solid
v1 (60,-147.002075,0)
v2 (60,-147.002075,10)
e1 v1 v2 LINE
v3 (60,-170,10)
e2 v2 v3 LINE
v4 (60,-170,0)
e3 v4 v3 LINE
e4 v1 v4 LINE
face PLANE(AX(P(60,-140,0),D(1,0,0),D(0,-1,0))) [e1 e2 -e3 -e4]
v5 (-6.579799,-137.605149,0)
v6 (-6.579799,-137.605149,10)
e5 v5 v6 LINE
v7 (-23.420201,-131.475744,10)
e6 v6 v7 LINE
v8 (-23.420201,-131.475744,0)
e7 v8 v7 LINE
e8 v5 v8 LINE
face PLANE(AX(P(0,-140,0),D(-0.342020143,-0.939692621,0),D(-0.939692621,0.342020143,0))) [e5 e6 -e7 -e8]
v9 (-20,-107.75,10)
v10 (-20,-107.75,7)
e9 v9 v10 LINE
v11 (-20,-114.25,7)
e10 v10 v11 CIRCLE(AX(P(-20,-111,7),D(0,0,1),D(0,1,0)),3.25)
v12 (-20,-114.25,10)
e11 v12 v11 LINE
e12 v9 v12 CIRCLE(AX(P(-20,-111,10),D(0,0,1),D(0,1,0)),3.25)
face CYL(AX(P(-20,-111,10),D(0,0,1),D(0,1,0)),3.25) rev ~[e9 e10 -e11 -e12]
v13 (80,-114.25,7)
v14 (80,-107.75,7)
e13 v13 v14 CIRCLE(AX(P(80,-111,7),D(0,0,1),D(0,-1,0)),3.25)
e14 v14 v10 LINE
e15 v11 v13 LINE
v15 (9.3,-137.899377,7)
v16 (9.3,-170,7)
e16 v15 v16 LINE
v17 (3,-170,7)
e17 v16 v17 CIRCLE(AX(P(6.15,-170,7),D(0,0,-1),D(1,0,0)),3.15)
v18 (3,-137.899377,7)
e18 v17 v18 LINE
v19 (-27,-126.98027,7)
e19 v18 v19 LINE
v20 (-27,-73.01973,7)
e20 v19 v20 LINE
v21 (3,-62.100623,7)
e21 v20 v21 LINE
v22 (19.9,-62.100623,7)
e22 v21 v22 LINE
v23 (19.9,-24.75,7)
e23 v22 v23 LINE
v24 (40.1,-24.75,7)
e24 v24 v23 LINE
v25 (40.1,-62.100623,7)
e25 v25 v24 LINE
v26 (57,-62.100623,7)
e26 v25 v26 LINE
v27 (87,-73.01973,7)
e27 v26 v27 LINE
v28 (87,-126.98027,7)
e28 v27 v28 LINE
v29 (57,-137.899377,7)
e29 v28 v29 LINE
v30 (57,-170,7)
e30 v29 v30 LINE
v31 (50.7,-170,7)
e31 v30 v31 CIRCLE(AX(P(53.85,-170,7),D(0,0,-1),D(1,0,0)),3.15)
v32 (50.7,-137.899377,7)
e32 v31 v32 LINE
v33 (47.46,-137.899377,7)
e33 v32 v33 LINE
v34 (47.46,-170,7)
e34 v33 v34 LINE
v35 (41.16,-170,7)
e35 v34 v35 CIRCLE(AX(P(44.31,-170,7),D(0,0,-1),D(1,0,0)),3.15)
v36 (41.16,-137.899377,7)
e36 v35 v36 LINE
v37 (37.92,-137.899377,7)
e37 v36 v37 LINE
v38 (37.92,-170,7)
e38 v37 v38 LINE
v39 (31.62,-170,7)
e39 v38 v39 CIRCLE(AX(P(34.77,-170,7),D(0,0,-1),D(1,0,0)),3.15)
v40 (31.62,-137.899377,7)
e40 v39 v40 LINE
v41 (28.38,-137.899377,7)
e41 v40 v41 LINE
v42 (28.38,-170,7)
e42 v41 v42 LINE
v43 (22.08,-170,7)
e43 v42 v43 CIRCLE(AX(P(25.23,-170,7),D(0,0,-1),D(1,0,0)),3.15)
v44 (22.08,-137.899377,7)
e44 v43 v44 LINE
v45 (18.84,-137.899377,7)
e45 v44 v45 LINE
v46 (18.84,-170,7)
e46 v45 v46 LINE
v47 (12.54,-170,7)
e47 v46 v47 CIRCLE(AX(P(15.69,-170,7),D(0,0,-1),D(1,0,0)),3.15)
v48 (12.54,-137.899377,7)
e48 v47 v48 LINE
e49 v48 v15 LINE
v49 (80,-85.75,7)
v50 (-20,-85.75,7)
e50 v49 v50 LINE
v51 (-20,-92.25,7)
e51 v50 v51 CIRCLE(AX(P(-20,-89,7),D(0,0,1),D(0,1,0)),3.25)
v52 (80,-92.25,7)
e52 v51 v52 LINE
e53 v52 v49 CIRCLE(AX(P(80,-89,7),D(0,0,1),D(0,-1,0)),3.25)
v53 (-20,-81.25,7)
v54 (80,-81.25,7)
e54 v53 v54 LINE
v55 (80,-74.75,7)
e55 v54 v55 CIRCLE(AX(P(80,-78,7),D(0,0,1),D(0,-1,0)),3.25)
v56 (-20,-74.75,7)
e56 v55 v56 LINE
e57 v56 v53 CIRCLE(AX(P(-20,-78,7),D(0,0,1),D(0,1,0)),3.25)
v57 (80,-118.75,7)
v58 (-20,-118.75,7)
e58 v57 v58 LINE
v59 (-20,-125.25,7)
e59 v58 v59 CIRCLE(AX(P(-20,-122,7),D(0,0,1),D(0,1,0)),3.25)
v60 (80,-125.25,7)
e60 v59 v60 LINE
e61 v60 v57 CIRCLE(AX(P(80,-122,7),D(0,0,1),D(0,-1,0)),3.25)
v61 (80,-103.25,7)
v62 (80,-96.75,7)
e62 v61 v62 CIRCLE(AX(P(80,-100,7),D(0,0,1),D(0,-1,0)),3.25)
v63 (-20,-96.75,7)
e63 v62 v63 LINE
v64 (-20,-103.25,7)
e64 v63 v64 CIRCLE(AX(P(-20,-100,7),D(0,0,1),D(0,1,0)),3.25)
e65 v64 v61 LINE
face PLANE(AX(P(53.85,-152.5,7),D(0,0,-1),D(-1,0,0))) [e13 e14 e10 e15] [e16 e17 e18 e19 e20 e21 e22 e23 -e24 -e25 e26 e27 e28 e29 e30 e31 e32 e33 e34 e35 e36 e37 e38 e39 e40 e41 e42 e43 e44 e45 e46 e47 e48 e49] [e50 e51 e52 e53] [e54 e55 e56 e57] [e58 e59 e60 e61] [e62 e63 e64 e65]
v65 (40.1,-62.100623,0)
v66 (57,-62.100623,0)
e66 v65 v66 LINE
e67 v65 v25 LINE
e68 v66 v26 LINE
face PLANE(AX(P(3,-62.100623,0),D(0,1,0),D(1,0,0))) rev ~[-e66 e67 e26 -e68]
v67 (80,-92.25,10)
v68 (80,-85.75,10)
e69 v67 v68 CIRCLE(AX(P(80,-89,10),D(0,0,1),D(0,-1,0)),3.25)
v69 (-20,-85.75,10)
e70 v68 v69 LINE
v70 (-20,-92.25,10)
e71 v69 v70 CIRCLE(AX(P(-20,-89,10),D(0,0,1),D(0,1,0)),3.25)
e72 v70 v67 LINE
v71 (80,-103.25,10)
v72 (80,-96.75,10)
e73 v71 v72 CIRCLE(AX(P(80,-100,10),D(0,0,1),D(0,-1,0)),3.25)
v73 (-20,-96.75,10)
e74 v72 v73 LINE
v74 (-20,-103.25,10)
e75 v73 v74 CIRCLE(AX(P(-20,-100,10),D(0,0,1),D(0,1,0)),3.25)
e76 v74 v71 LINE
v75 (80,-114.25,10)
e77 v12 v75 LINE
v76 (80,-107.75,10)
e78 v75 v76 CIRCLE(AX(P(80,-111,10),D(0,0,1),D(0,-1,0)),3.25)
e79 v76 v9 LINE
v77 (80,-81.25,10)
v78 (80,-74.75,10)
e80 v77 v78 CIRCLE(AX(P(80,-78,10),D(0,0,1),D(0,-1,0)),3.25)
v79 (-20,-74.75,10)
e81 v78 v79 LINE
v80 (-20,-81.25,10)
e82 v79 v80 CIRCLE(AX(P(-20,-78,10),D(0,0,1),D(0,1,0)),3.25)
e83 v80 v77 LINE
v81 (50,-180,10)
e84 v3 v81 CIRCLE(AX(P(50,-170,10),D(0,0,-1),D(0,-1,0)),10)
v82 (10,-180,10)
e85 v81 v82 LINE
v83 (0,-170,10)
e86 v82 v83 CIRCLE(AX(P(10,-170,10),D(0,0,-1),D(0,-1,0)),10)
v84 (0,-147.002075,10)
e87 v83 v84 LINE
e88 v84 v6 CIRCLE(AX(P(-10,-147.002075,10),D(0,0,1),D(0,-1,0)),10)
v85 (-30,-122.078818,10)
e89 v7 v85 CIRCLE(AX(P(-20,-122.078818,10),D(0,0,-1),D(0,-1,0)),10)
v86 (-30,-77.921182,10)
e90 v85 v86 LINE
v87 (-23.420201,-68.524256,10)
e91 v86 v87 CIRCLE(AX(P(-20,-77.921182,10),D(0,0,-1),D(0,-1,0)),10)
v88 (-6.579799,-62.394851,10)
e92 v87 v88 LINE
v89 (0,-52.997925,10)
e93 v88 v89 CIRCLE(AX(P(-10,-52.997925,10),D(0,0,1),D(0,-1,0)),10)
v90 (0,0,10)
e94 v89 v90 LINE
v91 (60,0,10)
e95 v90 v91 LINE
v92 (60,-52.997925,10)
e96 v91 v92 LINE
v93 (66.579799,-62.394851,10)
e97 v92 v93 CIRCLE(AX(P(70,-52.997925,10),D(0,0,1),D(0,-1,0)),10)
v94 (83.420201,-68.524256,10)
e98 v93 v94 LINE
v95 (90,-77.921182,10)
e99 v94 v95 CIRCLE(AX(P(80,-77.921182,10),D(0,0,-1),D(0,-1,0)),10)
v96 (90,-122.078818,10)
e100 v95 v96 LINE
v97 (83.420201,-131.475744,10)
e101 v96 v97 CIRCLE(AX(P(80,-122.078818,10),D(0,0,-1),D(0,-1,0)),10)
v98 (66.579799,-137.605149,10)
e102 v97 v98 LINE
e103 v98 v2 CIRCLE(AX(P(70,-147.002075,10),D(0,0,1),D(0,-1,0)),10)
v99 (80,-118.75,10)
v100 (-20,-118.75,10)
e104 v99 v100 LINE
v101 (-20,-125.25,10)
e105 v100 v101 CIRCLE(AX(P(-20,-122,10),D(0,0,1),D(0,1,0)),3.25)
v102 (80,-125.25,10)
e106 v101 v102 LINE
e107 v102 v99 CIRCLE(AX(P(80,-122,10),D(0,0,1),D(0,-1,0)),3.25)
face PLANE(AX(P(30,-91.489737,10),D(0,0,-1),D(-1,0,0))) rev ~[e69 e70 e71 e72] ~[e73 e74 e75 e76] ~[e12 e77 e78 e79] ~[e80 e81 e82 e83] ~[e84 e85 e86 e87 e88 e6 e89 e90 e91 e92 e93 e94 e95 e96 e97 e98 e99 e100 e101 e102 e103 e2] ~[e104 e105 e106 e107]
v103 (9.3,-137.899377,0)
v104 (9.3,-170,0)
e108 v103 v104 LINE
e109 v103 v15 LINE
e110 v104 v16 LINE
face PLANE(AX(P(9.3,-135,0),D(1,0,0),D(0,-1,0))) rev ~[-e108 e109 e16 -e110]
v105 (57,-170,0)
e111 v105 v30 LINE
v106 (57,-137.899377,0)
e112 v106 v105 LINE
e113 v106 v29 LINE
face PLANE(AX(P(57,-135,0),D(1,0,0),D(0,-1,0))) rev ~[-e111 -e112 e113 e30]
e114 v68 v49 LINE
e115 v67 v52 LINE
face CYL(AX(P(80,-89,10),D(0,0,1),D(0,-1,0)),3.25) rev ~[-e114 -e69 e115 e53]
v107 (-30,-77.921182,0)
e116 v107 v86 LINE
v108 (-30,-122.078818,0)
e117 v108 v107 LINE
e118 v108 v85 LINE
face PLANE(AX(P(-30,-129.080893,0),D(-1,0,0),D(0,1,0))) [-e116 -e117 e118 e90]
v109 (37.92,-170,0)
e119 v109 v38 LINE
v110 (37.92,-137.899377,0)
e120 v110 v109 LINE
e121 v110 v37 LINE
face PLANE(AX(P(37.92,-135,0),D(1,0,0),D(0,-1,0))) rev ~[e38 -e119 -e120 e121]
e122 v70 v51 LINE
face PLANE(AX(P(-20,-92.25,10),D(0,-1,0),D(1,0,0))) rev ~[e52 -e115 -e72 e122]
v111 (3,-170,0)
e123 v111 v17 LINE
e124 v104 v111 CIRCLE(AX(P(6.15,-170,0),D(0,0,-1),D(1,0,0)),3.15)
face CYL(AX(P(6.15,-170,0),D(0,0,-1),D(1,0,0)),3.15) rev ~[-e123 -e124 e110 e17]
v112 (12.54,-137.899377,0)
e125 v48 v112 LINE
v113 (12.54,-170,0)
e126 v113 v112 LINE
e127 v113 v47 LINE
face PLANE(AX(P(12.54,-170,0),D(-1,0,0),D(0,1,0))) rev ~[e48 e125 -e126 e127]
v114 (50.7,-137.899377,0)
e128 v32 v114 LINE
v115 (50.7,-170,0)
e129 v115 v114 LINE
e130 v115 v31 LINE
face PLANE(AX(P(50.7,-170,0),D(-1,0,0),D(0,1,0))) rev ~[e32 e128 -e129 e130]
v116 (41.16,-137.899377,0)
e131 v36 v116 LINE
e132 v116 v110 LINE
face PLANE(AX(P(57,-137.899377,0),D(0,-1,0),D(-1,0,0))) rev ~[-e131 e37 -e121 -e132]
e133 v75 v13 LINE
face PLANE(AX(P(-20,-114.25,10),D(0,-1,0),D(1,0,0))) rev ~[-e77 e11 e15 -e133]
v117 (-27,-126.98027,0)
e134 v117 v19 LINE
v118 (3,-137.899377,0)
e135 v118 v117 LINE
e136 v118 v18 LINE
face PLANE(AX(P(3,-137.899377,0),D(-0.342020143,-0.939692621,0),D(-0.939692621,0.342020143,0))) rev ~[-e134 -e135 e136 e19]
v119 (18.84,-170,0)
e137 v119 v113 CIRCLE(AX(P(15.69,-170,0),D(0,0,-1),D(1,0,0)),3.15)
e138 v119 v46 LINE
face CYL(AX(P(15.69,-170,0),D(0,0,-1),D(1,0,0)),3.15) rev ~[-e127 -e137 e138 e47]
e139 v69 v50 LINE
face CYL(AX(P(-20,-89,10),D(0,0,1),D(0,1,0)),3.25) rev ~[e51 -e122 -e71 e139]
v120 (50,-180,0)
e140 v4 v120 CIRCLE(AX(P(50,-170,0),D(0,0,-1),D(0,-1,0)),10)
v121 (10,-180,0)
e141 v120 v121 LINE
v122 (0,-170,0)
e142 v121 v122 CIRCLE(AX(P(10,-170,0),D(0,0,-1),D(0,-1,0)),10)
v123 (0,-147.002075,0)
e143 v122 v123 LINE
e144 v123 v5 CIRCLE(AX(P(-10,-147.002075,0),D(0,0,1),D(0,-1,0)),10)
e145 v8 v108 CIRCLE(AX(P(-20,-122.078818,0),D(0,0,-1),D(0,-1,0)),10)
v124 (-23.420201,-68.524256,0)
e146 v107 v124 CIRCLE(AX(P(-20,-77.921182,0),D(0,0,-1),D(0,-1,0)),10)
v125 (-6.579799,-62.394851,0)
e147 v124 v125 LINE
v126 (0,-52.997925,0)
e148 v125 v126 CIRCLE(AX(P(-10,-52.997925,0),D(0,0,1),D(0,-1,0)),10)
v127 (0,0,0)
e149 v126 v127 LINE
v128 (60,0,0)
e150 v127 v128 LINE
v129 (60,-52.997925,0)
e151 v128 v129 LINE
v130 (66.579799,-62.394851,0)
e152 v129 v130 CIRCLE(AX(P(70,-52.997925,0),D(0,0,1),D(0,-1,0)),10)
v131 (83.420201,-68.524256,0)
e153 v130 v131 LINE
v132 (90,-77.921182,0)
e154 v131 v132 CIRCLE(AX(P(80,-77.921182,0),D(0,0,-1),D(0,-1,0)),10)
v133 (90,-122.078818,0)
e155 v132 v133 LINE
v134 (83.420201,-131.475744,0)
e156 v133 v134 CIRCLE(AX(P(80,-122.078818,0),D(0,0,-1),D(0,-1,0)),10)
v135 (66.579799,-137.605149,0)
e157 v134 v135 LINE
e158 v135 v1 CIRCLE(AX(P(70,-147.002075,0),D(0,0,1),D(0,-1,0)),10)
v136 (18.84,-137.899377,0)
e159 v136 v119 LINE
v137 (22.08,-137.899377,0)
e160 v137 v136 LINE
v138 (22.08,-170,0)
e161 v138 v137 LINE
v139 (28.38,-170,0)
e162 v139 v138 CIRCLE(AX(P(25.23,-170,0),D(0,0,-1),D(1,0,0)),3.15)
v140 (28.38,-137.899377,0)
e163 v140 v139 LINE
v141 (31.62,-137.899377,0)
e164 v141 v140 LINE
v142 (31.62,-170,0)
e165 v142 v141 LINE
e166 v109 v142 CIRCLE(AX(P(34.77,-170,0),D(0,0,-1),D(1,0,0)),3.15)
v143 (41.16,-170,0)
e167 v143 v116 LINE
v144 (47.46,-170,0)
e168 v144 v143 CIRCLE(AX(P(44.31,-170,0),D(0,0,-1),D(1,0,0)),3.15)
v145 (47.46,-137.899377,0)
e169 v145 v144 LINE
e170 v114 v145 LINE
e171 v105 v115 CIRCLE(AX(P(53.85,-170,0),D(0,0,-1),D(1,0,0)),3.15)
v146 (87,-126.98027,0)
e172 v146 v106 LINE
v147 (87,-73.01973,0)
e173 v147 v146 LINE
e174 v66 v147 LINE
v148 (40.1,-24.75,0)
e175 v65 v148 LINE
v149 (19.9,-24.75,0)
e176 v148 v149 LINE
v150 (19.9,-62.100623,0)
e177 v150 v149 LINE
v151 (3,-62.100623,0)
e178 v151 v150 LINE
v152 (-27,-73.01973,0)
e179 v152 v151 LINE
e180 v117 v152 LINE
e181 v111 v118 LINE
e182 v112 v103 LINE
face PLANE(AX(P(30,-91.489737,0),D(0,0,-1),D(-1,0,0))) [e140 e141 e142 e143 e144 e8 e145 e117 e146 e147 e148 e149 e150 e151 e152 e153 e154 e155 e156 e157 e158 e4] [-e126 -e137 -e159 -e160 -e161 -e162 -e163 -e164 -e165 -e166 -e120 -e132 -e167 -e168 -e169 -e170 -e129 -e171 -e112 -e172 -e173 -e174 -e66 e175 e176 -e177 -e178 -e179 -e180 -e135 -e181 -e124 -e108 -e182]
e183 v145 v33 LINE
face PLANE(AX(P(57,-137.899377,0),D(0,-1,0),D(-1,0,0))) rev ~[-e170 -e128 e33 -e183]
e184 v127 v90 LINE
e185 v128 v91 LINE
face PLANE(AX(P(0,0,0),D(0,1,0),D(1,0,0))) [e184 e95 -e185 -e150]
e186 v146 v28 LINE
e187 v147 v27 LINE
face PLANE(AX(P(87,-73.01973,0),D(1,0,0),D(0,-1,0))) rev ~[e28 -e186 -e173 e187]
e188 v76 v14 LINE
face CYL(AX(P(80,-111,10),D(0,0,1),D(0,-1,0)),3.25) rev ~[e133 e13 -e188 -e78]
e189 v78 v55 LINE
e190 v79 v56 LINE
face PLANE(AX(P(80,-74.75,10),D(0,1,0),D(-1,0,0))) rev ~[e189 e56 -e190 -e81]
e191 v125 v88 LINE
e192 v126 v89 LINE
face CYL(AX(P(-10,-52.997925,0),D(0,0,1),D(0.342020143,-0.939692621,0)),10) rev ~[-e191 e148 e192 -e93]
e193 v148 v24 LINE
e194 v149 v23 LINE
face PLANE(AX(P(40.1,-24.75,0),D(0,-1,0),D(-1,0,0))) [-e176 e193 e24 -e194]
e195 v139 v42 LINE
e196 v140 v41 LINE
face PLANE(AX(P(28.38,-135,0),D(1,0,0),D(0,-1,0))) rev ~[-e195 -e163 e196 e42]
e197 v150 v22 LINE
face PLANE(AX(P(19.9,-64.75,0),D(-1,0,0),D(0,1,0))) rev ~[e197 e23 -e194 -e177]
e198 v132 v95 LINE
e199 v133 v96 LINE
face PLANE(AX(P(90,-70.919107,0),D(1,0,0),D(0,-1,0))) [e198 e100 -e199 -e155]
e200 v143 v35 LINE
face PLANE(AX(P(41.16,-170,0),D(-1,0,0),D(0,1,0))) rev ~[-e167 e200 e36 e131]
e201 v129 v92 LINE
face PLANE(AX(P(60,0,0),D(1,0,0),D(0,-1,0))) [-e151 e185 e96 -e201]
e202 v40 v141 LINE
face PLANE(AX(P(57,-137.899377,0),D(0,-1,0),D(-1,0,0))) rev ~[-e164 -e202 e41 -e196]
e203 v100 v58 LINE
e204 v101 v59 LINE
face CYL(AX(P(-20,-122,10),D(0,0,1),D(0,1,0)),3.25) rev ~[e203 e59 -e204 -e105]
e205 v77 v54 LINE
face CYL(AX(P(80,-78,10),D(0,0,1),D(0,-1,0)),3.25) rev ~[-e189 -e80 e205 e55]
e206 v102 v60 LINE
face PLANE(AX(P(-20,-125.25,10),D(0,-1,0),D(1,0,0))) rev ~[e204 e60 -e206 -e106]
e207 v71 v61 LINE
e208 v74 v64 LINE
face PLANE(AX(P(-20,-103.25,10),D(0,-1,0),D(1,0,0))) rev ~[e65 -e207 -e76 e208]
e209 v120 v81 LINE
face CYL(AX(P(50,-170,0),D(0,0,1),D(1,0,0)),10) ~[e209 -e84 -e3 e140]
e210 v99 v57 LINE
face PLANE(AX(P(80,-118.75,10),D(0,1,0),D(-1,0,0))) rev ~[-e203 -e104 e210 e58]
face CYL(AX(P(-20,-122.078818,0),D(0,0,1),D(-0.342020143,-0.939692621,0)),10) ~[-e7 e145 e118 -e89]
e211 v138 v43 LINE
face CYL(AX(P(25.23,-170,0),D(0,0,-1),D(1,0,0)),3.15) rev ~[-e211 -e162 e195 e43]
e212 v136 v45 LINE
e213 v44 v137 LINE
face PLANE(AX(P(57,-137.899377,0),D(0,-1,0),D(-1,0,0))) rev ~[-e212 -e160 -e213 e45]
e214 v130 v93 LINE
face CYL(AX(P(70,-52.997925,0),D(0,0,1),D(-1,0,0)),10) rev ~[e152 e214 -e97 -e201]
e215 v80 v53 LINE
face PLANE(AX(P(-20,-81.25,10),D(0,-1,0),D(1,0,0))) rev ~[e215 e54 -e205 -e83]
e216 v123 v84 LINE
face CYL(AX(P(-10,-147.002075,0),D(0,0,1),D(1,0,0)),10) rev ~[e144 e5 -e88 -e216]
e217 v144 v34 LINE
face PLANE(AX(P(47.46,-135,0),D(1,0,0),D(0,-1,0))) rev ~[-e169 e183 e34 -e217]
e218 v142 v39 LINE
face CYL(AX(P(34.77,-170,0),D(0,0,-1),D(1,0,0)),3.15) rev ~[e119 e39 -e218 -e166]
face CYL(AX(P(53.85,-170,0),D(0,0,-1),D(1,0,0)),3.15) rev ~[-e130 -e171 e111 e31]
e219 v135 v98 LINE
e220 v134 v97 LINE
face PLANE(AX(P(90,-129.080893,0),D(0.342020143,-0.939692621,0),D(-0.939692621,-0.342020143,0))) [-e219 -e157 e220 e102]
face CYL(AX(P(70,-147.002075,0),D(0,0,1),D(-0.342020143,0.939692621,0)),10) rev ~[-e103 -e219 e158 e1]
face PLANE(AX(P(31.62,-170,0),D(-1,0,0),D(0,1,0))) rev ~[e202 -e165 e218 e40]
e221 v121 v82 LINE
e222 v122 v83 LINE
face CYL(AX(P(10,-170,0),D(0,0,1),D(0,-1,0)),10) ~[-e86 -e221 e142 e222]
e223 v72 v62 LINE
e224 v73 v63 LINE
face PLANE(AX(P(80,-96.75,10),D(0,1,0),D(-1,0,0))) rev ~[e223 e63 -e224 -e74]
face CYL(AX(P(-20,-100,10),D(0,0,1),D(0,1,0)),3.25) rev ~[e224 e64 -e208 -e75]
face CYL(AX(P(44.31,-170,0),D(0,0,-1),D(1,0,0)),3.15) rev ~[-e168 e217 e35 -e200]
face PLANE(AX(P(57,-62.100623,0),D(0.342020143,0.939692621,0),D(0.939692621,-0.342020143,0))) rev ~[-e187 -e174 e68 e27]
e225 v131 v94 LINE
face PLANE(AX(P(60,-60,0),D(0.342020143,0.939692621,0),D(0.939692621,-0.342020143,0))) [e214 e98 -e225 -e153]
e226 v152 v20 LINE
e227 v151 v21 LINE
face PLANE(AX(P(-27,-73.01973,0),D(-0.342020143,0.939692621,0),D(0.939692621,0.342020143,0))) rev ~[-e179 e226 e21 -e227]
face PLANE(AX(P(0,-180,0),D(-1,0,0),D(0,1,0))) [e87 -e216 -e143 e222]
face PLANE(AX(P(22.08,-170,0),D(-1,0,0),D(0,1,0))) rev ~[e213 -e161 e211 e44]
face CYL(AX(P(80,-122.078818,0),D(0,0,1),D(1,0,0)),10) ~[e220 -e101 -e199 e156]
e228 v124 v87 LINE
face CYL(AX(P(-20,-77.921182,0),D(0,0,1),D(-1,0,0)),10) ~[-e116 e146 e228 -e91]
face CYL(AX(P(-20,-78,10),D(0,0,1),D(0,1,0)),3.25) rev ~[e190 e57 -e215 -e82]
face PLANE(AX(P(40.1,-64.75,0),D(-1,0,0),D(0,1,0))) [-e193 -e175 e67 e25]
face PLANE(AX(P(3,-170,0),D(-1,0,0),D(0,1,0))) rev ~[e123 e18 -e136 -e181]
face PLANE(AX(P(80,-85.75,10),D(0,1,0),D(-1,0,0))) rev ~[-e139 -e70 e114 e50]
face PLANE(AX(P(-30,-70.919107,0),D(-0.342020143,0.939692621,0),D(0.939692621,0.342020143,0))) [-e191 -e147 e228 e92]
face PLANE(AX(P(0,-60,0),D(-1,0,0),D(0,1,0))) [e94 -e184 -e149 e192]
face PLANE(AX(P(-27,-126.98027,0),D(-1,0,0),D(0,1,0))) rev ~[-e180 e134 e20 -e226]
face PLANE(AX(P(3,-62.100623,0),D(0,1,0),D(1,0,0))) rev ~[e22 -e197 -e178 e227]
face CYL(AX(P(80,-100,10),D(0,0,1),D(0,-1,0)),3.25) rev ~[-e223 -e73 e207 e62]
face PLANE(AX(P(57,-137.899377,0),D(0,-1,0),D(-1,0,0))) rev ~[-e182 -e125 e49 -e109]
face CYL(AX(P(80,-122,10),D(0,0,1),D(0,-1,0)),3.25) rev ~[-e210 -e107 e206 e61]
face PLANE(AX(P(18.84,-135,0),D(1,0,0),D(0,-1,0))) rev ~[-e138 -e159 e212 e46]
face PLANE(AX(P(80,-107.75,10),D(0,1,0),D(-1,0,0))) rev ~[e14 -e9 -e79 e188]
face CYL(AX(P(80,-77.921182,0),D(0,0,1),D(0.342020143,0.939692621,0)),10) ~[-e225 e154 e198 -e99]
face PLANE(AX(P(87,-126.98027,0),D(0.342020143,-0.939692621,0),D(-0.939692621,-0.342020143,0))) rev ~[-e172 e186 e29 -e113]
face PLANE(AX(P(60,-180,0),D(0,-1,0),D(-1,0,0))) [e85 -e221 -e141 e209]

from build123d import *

# Parameters (mm, degrees)
EXTRUDE_1_DEPTH     = 10
FILLET_1_R          = 10
CUT_EXTRUDE_1_DEPTH = 211.475651798
CUT_EXTRUDE_2_DEPTH = 7
SKETCH_4_W          = 20.2
SKETCH_4_H          = 40
CUT_EXTRUDE_3_DEPTH = 7
CUT_EXTRUDE_4_DEPTH = 7


with BuildPart() as part:
    # Эскиз1 → Бобышка-Вытянуть1 (new body)
    with BuildSketch(Plane.XY):
        Polygon((0, 0), (60, 0), (60, -60), (90, -70.919107028), (90, -129.080892972), (60, -140), (60, -180), (0, -180), (0, -140), (-30, -129.080892972), (-30, -70.919107028), (0, -60), align=None)
    extrude(amount=EXTRUDE_1_DEPTH)

    # Скругление1
    fillet_1_edges = [part.edges().sort_by_distance(p)[0] for p in [
        (60, -60, 5),
        (90, -70.919107028, 5),
        (90, -129.080892972, 5),
        (60, -140, 5),
        (60, -180, 5),
        (0, -180, 5),
        (0, -140, 5),
        (-30, -129.080892972, 5),
        (-30, -70.919107028, 5),
        (0, -60, 5),
    ]]
    fillet(fillet_1_edges, radius=FILLET_1_R)

    # Эскиз2 → Вырез-Вытянуть1 (cut, through all)
    with BuildSketch(Plane(origin=(0, 10, 10), x_dir=(-1, 0, 0), z_dir=(0, 0, 1))):
        with BuildLine():
            Line((20, 102.25), (-80, 102.25))
            ThreePointArc((-80, 102.25), (-83.25, 99), (-80, 95.75))
            Line((-80, 95.75), (20, 95.75))
            ThreePointArc((20, 95.75), (23.25, 99), (20, 102.25))
        make_face()
        with BuildLine():
            Line((20, 91.25), (-80, 91.25))
            ThreePointArc((-80, 91.25), (-83.25, 88), (-80, 84.75))
            Line((-80, 84.75), (20, 84.75))
            ThreePointArc((20, 84.75), (23.25, 88), (20, 91.25))
        make_face()
        with BuildLine():
            Line((20, 113.25), (-80, 113.25))
            ThreePointArc((-80, 113.25), (-83.25, 110), (-80, 106.75))
            Line((-80, 106.75), (20, 106.75))
            ThreePointArc((20, 106.75), (23.25, 110), (20, 113.25))
        make_face()
        with BuildLine():
            Line((20, 124.25), (-80, 124.25))
            ThreePointArc((-80, 124.25), (-83.25, 121), (-80, 117.75))
            Line((-80, 117.75), (20, 117.75))
            ThreePointArc((20, 117.75), (23.25, 121), (20, 124.25))
        make_face()
        with BuildLine():
            Line((20, 135.25), (-80, 135.25))
            ThreePointArc((-80, 135.25), (-83.25, 132), (-80, 128.75))
            Line((-80, 128.75), (20, 128.75))
            ThreePointArc((20, 128.75), (23.25, 132), (20, 135.25))
        make_face()
    extrude(amount=-CUT_EXTRUDE_1_DEPTH, mode=Mode.SUBTRACT)

    # Эскиз3 → Вырез-Вытянуть2 (cut)
    with BuildSketch(Plane(origin=(0, 0, 0), x_dir=(-1, 0, 0), z_dir=(0, 0, -1))):
        Polygon((-57, -137.899377385), (-3, -137.899377385), (27, -126.980270357), (27, -73.019729643), (-3, -62.100622615), (-57, -62.100622615), (-87, -73.019729643), (-87, -126.980270357), align=None)
    extrude(amount=-CUT_EXTRUDE_2_DEPTH, mode=Mode.SUBTRACT)

    # Эскиз4 → Вырез-Вытянуть3 (cut)
    with BuildSketch(Plane(origin=(0, 0, 0), x_dir=(-1, 0, 0), z_dir=(0, 0, -1))):
        with Locations((-30, -44.75)):
            Rectangle(SKETCH_4_W, SKETCH_4_H)
    extrude(amount=-CUT_EXTRUDE_3_DEPTH, mode=Mode.SUBTRACT)

    # Эскиз6 → Вырез-Вытянуть4 (cut)
    with BuildSketch(Plane(origin=(0, 0, 0), x_dir=(-1, 0, 0), z_dir=(0, 0, -1))):
        with BuildLine():
            Line((-57, -135), (-57, -170))
            ThreePointArc((-57, -170), (-53.85, -173.15), (-50.7, -170))
            Line((-50.7, -170), (-50.7, -135))
            ThreePointArc((-50.7, -135), (-53.85, -131.85), (-57, -135))
        make_face()
        with BuildLine():
            Line((-47.46, -135), (-47.46, -170))
            ThreePointArc((-47.46, -170), (-44.31, -173.15), (-41.16, -170))
            Line((-41.16, -170), (-41.16, -135))
            ThreePointArc((-41.16, -135), (-44.31, -131.85), (-47.46, -135))
        make_face()
        with BuildLine():
            Line((-37.92, -135), (-37.92, -170))
            ThreePointArc((-37.92, -170), (-34.77, -173.15), (-31.62, -170))
            Line((-31.62, -170), (-31.62, -135))
            ThreePointArc((-31.62, -135), (-34.77, -131.85), (-37.92, -135))
        make_face()
        with BuildLine():
            Line((-28.38, -135), (-28.38, -170))
            ThreePointArc((-28.38, -170), (-25.23, -173.15), (-22.08, -170))
            Line((-22.08, -170), (-22.08, -135))
            ThreePointArc((-22.08, -135), (-25.23, -131.85), (-28.38, -135))
        make_face()
        with BuildLine():
            Line((-18.84, -135), (-18.84, -170))
            ThreePointArc((-18.84, -170), (-15.69, -173.15), (-12.54, -170))
            Line((-12.54, -170), (-12.54, -135))
            ThreePointArc((-12.54, -135), (-15.69, -131.85), (-18.84, -135))
        make_face()
        with BuildLine():
            Line((-9.3, -135), (-9.3, -170))
            ThreePointArc((-9.3, -170), (-6.15, -173.15), (-3, -170))
            Line((-3, -170), (-3, -135))
            ThreePointArc((-3, -135), (-6.15, -131.85), (-9.3, -135))
        make_face()
    extrude(amount=-CUT_EXTRUDE_4_DEPTH, mode=Mode.SUBTRACT)


solid = part.part
